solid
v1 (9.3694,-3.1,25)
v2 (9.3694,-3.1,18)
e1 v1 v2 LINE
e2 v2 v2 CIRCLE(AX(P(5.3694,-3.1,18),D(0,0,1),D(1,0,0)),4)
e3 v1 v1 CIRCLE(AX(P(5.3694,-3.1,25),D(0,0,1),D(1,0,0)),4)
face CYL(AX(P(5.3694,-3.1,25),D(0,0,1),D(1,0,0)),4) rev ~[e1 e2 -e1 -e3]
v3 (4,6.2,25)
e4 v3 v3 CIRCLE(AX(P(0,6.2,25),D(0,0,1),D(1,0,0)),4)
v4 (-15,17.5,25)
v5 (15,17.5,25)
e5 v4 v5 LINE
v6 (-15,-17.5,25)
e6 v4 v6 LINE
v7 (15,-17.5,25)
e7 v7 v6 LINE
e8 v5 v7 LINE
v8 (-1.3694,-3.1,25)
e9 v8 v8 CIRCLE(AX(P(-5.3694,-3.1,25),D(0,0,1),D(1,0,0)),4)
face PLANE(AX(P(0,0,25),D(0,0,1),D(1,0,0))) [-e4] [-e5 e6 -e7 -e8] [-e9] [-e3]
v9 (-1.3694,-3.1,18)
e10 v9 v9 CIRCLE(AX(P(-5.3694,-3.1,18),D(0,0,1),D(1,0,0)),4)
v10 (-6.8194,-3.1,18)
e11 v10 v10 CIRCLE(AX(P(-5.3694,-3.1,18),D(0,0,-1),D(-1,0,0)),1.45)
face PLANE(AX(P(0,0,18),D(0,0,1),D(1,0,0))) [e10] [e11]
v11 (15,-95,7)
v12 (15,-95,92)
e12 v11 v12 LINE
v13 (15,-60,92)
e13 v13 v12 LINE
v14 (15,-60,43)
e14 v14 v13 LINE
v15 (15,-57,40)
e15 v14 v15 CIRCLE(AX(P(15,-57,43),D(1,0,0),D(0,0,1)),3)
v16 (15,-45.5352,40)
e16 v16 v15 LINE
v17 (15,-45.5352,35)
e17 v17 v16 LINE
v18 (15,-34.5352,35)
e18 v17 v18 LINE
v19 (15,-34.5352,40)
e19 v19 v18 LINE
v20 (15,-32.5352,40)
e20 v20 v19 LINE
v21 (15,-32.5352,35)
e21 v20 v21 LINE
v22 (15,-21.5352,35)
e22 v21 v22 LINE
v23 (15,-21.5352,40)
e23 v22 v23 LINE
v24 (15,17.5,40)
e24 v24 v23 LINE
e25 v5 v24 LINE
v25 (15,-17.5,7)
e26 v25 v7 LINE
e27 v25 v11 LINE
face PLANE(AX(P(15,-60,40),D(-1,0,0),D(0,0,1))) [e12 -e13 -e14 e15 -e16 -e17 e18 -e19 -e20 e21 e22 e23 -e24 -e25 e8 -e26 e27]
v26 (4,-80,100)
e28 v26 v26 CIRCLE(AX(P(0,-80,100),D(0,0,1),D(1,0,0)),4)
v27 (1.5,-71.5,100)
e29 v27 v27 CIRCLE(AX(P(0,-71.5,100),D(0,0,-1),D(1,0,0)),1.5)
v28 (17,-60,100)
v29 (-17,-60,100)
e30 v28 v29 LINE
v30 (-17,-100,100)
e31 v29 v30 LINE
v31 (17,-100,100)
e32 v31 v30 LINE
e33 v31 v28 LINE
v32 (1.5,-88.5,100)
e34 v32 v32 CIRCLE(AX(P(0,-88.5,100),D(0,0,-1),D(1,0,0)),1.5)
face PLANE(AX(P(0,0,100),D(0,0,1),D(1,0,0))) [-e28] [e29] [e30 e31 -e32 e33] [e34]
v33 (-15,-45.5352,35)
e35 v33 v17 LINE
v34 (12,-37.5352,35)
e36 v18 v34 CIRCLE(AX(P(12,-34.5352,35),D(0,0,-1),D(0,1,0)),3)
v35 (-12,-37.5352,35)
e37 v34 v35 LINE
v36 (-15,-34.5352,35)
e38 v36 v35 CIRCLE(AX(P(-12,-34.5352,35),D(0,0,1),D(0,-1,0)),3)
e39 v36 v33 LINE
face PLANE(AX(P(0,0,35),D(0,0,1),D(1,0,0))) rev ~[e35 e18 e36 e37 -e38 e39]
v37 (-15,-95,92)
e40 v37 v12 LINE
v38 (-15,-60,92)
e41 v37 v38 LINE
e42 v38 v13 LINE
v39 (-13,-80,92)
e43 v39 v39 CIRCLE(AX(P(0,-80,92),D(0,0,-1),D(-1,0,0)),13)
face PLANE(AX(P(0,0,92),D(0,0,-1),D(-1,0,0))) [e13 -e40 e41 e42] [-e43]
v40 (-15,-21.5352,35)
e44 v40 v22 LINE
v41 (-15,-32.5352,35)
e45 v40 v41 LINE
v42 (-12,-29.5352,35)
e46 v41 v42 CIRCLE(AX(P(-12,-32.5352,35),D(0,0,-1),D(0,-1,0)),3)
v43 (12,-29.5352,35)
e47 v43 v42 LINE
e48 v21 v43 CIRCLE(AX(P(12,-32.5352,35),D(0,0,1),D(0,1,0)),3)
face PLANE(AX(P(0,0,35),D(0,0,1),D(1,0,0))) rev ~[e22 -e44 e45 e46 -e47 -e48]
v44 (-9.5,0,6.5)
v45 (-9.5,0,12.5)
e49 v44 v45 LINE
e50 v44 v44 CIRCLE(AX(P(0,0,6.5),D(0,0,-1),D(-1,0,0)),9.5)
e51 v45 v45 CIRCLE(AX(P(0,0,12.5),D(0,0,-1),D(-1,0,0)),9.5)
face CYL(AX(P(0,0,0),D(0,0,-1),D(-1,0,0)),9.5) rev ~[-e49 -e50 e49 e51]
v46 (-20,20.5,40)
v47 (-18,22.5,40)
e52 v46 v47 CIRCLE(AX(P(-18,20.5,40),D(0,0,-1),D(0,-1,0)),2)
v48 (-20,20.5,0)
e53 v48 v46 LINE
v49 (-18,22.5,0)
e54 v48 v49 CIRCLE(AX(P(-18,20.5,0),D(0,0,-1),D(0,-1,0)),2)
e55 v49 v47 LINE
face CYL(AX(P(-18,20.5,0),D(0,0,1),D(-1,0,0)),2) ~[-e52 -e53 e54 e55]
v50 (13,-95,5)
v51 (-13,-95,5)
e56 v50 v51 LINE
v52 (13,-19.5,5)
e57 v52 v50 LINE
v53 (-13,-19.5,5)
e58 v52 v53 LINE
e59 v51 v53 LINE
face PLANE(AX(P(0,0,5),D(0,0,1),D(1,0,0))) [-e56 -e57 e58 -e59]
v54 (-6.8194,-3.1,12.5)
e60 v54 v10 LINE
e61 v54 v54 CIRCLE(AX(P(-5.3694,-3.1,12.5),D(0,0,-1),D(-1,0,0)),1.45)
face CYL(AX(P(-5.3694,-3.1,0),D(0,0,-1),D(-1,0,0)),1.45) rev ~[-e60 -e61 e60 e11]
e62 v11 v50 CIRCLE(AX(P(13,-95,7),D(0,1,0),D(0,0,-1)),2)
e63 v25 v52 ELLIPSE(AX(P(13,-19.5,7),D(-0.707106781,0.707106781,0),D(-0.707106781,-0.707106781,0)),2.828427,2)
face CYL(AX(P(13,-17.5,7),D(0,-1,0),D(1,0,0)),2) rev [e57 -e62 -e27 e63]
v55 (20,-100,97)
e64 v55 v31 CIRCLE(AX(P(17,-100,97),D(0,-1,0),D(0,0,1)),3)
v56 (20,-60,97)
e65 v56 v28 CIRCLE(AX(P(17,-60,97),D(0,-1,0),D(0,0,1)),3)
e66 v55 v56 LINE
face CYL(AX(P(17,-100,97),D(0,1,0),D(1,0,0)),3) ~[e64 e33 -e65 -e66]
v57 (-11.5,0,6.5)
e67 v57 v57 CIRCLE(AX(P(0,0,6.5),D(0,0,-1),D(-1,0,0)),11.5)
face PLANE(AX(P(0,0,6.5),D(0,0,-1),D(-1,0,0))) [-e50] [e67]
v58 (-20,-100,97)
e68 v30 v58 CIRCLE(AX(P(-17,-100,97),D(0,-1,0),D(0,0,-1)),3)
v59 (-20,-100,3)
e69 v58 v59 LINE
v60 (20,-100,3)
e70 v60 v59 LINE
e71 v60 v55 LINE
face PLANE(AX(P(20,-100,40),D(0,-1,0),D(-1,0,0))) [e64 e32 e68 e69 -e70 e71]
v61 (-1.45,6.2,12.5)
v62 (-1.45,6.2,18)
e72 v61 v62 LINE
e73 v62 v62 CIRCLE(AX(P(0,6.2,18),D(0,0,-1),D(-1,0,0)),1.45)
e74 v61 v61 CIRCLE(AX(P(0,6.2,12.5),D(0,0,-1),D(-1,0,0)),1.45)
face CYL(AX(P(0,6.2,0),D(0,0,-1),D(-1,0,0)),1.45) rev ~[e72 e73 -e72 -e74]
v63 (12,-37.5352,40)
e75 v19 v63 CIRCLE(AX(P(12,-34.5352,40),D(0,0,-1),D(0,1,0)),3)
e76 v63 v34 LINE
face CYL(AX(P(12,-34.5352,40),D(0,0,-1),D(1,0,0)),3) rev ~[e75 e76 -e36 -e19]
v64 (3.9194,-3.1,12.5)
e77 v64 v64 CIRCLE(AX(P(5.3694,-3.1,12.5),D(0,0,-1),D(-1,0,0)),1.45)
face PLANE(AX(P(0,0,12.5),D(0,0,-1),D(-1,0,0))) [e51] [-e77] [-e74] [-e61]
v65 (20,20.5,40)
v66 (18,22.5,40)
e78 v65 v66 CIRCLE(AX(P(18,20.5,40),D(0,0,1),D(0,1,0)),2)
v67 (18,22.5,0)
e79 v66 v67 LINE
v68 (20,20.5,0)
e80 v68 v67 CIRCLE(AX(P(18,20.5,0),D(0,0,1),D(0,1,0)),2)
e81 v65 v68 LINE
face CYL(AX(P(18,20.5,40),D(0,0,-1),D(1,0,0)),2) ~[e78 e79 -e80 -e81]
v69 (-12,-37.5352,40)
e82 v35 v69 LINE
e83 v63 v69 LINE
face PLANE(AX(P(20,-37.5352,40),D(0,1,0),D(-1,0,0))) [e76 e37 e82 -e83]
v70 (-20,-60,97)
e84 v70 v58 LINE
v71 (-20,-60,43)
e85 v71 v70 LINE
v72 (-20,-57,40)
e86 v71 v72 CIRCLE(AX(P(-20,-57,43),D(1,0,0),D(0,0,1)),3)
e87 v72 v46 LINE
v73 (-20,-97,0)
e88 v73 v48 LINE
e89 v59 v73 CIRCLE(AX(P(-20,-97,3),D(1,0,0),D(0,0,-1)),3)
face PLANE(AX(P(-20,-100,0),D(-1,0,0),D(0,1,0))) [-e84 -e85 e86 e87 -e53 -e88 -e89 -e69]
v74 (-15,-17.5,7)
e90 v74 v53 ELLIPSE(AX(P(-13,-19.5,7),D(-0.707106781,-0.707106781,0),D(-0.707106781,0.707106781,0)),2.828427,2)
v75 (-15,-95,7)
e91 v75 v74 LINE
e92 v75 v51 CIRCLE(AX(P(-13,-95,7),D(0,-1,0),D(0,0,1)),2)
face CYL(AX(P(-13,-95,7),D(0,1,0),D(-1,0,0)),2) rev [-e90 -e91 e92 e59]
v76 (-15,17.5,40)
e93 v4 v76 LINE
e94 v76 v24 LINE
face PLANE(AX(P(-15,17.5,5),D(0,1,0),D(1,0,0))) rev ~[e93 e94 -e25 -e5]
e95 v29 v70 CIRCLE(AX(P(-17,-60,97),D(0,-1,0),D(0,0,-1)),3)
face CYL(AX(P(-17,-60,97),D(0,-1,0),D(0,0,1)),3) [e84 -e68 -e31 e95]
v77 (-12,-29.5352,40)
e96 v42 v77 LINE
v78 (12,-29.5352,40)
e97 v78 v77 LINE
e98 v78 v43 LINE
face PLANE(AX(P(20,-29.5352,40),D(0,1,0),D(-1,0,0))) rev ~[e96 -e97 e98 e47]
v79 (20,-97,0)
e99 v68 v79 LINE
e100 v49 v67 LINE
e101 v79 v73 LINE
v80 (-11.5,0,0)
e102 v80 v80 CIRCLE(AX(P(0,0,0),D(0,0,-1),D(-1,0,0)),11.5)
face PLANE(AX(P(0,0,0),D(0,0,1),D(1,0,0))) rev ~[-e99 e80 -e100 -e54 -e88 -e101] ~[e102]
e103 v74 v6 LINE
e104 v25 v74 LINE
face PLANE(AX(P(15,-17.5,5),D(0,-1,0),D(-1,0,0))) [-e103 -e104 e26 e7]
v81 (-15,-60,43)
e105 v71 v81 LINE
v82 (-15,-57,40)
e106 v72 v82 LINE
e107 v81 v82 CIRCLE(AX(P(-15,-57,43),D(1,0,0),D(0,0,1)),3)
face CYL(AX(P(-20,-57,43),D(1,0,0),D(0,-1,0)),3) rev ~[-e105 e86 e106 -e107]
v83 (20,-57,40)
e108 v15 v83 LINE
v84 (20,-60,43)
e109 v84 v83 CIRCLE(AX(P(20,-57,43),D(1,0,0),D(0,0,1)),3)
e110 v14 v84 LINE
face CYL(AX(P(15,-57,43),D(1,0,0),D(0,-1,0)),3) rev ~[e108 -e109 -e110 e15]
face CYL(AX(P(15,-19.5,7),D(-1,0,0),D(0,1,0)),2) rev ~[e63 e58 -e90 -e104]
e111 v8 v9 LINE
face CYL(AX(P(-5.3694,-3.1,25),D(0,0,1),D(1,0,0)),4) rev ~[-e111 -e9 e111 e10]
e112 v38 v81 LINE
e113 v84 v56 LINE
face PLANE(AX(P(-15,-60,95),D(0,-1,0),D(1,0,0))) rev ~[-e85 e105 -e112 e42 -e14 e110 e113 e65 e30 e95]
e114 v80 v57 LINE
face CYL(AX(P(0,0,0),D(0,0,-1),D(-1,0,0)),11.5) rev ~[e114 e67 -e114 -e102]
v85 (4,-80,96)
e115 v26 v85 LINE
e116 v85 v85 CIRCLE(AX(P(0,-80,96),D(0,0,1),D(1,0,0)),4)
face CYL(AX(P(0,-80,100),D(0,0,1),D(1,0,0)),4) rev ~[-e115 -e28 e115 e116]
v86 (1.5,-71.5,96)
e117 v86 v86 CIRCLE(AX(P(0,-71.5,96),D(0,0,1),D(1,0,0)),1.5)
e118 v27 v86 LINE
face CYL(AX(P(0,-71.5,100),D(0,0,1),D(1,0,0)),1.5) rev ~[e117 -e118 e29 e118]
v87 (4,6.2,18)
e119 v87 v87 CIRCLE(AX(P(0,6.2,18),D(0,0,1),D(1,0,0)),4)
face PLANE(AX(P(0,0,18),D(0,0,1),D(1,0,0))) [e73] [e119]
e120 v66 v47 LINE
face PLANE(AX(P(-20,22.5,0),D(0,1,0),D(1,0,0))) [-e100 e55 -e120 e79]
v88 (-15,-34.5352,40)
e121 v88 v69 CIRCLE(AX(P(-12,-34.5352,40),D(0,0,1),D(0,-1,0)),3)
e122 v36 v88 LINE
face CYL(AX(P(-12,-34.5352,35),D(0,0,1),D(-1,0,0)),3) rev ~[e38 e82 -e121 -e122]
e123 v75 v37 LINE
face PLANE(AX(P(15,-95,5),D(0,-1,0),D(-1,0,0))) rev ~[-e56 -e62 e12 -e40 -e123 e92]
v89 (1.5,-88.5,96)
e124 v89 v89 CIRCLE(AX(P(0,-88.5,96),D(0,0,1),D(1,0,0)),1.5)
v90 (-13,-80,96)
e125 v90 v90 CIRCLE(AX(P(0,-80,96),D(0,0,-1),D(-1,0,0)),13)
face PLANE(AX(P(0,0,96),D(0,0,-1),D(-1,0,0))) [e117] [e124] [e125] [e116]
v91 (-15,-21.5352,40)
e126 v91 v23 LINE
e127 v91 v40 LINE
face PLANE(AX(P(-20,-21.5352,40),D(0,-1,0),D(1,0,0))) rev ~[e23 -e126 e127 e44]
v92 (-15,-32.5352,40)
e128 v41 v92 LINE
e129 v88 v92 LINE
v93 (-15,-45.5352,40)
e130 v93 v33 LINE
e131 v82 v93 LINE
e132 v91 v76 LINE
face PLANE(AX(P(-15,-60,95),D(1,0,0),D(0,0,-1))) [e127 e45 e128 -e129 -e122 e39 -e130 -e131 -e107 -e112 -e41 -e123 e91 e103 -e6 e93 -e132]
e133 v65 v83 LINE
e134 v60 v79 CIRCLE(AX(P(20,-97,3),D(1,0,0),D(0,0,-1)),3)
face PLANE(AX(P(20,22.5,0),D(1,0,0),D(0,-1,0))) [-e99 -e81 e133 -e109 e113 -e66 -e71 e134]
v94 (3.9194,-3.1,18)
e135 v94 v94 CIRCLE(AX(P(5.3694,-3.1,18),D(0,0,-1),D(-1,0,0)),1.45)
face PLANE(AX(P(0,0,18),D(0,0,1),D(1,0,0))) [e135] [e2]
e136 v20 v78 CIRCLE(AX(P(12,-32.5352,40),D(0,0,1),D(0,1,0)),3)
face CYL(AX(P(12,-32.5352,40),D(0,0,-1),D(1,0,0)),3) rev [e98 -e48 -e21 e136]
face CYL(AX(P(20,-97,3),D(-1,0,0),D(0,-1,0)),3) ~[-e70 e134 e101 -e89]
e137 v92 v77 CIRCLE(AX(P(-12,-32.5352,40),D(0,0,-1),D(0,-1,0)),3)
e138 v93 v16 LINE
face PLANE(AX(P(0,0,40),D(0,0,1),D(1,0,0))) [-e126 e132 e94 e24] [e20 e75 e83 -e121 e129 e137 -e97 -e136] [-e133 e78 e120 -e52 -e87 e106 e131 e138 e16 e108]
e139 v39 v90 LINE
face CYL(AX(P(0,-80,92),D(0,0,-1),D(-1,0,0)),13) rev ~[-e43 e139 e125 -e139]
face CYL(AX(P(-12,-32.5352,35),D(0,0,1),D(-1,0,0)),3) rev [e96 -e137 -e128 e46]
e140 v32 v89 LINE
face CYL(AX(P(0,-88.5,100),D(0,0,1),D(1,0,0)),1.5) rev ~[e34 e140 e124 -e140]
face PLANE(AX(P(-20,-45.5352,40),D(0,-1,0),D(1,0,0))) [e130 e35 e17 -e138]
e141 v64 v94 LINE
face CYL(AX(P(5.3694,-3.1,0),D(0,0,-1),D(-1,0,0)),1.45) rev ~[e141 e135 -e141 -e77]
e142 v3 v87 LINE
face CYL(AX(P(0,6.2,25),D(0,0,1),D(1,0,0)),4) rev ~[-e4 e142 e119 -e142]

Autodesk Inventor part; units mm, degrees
ref_plane "YZ Plane" through (0, 0, 0) normal (1, 0, 0) x (0, 1, 0)
ref_plane "XZ Plane" through (0, 0, 0) normal (0, 1, 0) x (-1, 0, 0)
ref_plane "XY Plane" through (0, 0, 0) normal (0, 0, 1) x (1, 0, 0)
sketch "Sketch1" plane through (0, 0, 0) normal (0, 0, 1) x (1, 0, 0)
  line L0 (-20, 22.5) -> (20, 22.5)
  line L1 (20, 22.5) -> (20, -100)
  line L2 (20, -100) -> (-20, -100)
  line L3 (-20, -100) -> (-20, 22.5)
  circle A0 centre (0, 0) radius 2.5
  dimension "d0" = 122.5
  dimension "d1" = 40
  dimension "d2" = 20
  dimension "d3" = 22.5
  dimension "d4" = 5
extrude "Extrusion1" add sketch "Sketch1" along normal blind 5
sketch "Sketch2" plane through (0, 0, 5) normal (0, 0, 1) x (1, 0, 0)
  line L0 (20, 22.5) -> (-20, 22.5) projected
  line L1 (-20, -100) -> (20, -100) projected
  line L2 (-20, 22.5) -> (20, 22.5)
  line L3 (20, 22.5) -> (20, -100)
  line L4 (20, -100) -> (-20, -100)
  line L5 (-20, -100) -> (-20, 22.5)
  line L6 (15, -95) -> (-15, -95)
  line L7 (-15, -95) -> (-15, 17.5)
  line L8 (-15, 17.5) -> (15, 17.5)
  line L9 (15, 17.5) -> (15, -95)
  point P0 (0, 0)
  dimension "d7" = 5
  dimension "d8" = 5
  dimension "d9" = 5
  dimension "d10" = 5
extrude "Extrusion2" add sketch "Sketch2" along normal blind 35
sketch "Sketch3" plane through (-20, -100, 0) normal (0, -1, 0) x (1, 0, 0)
  circle A0 centre (20, 20) radius 8.5
  line L0 (40, 0) -> (40, 40) projected
  line L1 (0, 0) -> (40, 0) projected
  circle A1 centre (20, 11.5) radius 1.5
  circle A2 centre (20, 28.5) radius 1.5
  circle A3 centre (20, 20) radius 3.75
  line L2 (0, 0) -> (0, 40) projected
  point P0 (20, 0)
  dimension "d13" = 20
  dimension "d14" = 20
  dimension "d15" = 17
  dimension "d16" = 3
  dimension "d17" = 7.5
  dimension "d18" = 3
  dimension "d19" = 20
  dimension "d20" = 20
sketch "Sketch4" plane through (0, 0, 5) normal (0, 0, 1) x (1, 0, 0)
  line L0 (-15, 17.5) -> (-15, -95) projected
  line L1 (15, 17.5) -> (15, -95) projected
  line L2 (-15, 17.5) -> (15, 17.5)
  line L3 (15, 17.5) -> (15, -17.5)
  line L4 (15, -17.5) -> (-15, -17.5)
  line L5 (-15, -17.5) -> (-15, 17.5)
  point P0 (0, 0)
  point P1 (-15, -17.5)
  dimension "d21" = 35
extrude "Extrusion3" add sketch "Sketch4" along normal blind 20
sketch "Sketch5" plane through (0, 0, 0) normal (0, 0, -1) x (-1, 0, 0)
  circle A0 centre (0, 0) radius 2.5 projected
  circle A1 centre (0, 0) radius 9.5
  dimension "d24" = 19
extrude "Extrusion4" cut sketch "Sketch5" against normal blind 12.5 contours A0 | A1
sketch "Sketch6" plane through (0, 0, 0) normal (0, 0, -1) x (-1, 0, 0)
  circle A0 centre (0, 0) radius 11.5
  dimension "d27" = 23
extrude "Extrusion5" cut sketch "Sketch6" against normal blind 6.5
fillet "Fillet1" radius 2 2 edges at (-20, 22.5, 20) (20, 22.5, 20)
sketch "Sketch7" plane through (0, 0, 0) normal (0, 0, -1) x (-1, 0, 0)
  circle A0 centre (0, 0) radius 6.2
  circle A1 centre (0, 6.2) radius 1.45
  line L0 (0, 6.2) -> (0, 0)
  line L1 (0, 0) -> (6.4707, -3.7359)
  line L2 (0, 0) -> (-6.6791, -3.8562)
  circle A2 centre (5.3694, -3.1) radius 1.45
  circle A3 centre (-5.3694, -3.1) radius 1.45
  dimension "d31" = 12.4
  dimension "d32" = 120
  dimension "d33" = 120
  dimension "d34" = 2.9
  dimension "d35" = 2.9
  dimension "d36" = 2.9
extrude "Extrusion6" cut sketch "Sketch7" against normal blind 25 contours A1 L0 A0 | A0 A1 | A2 A0 | A0 L1 A2 | L0 A1 A0 | A0 A2 L1 | A3 L2 A0 | A0 L2 A3 | A3 A0 L2 | A3 L2 A0
sketch "Sketch8" plane through (0, 0, 25) normal (0, 0, 1) x (1, 0, 0)
  circle A0 centre (5.3694, -3.1) radius 1.45 projected
  circle A1 centre (5.3694, -3.1) radius 4
  circle A2 centre (-5.3694, -3.1) radius 1.45 projected
  circle A3 centre (-5.3694, -3.1) radius 4
  circle A4 centre (0, 6.2) radius 1.45 projected
  circle A5 centre (0, 6.2) radius 4
  point P0 (0, 0)
  dimension "d39" = 8
  dimension "d40" = 8
  dimension "d41" = 8
extrude "Extrusion7" cut sketch "Sketch8" against normal blind 7
fillet "Fillet2" radius 2 3 edges at (0, -17.5, 5) (-15, -56.25, 5) (15, -56.25, 5)
sketch "Sketch9" plane through (0, 0, 40) normal (0, 0, 1) x (1, 0, 0)
  line L0 (20, -100) -> (20, 20.5) projected
  line L1 (-20, 20.5) -> (-20, -100) projected
  line L2 (20, -100) -> (-20, -100)
  line L3 (-20, -100) -> (-20, -60)
  line L4 (-20, -60) -> (20, -60)
  line L5 (20, -60) -> (20, -100)
  line L6 (0, -60) -> (-20, -60)
  line L7 (-20, -60) -> (-20, -100)
  line L8 (-20, -100) -> (0, -100)
  line L9 (0, -100) -> (0, -60)
  line L10 (15, -95) -> (-15, -95) projected
  line L11 (15, -65) -> (-15, -65)
  line L12 (-15, -65) -> (-15, -95)
  line L13 (-15, -95) -> (15, -95)
  line L14 (15, -95) -> (15, -65)
  point P0 (0, 0)
  dimension "d45" = 40
  dimension "d46" = 5
  dimension "d47" = 5
extrude "Extrusion8" add sketch "Sketch9" along normal blind 60 contours L2 L9 L10 L14 L11 L4 L0 | L2 L1 L4 L9 L11 L12 L10
sketch "Sketch10" plane through (0, 0, 100) normal (0, 0, 1) x (1, 0, 0)
  line L0 (-20, -100) -> (20, -100) projected
  line L1 (20, -100) -> (20, 20.5) projected
  line L2 (-20, -100) -> (20, -100)
  line L3 (20, -100) -> (20, -60)
  line L4 (20, -60) -> (-20, -60)
  line L5 (-20, -60) -> (-20, -100)
  point P0 (0, 0)
  dimension "d50" = 40
extrude "Extrusion9" add sketch "Sketch10" against normal blind 5
sketch "Sketch11" plane through (0, 0, 100) normal (0, 0, 1) x (1, 0, 0)
  circle A0 centre (0, -80) radius 8.5
  line L0 (20, -100) -> (20, -60) projected
  line L1 (-20, -100) -> (20, -100) projected
  circle A1 centre (0, -71.5) radius 1.5
  circle A2 centre (0, -88.5) radius 1.5
  line L2 (-20, -60) -> (-20, -100) projected
  circle A3 centre (0, -80) radius 4
  point P0 (0, 0)
  dimension "d53" = 20
  dimension "d54" = 20
  dimension "d55" = 17
  dimension "d56" = 3
  dimension "d57" = 3
  dimension "d58" = 20
  dimension "d59" = 20
  dimension "d62" = 8
extrude "Extrusion10" cut sketch "Sketch11" against normal blind 5 contours A1 A0 | A0 A1 | A2 A0 | A0 A2 | A3
sketch "Sketch12" plane through (-15, -60, 40) normal (0, 1, 0) x (1, 0, 0)
  line L0 (0, 0) -> (30, 0) projected
  line L1 (0, 0) -> (30, 0)
  line L2 (30, 0) -> (30, -55)
  line L3 (30, -55) -> (0, -55)
  line L4 (0, -55) -> (0, 0)
  point P0 (15, 40)
extrude "Extrusion11" cut sketch "Sketch12" against normal blind 5
sketch "Sketch13" plane through (0, 0, 40) normal (0, 0, 1) x (1, 0, 0)
  line L0 (-20, 20.5) -> (-20, -100) projected
  line L1 (20, -60) -> (20, 20.5) projected
  line L2 (-20, -21.5352) -> (20, -21.5352)
  line L3 (20, -21.5352) -> (20, -29.5352)
  line L4 (20, -29.5352) -> (-20, -29.5352)
  line L5 (-20, -29.5352) -> (-20, -21.5352)
  line L6 (20, -37.5352) -> (-20, -37.5352)
  line L7 (-20, -37.5352) -> (-20, -45.5352)
  line L8 (-20, -45.5352) -> (20, -45.5352)
  line L9 (20, -45.5352) -> (20, -37.5352)
  point P0 (0, 0)
  point P1 (-20, -37.5352)
  point P2 (-20, -29.5352)
  point P3 (20, -21.5352)
  dimension "d65" = 8
  dimension "d66" = 8
  dimension "d67" = 8
extrude "Extrusion12" add sketch "Sketch13" against normal blind 5 contours L2 L1 L4 L0 | L6 L1 L8 L0
fillet "Fillet3" radius 3 4 edges at (15, -29.5352, 37.5) (15, -37.5352, 37.5) (-15, -29.5352, 37.5) (-15, -37.5352, 37.5)
sketch "Sketch14" plane through (0, 0, 95) normal (0, 0, -1) x (-1, 0, 0)
  line L0 (15, -95) -> (-15, -95) projected
  line L1 (-15, -95) -> (15, -95)
  line L2 (15, -95) -> (15, -60)
  line L3 (15, -60) -> (-15, -60)
  line L4 (-15, -60) -> (-15, -95)
  circle A0 centre (0, -80) radius 4 projected
  circle A1 centre (0, -80) radius 4
  circle A2 centre (0, -71.5) radius 1.5 projected
  circle A3 centre (0, -71.5) radius 1.5
  circle A4 centre (0, -88.5) radius 1.5 projected
  circle A5 centre (0, -88.5) radius 1.5
  point P0 (0, 0)
extrude "Extrusion13" add sketch "Sketch14" along normal blind 3
sketch "Sketch15" plane through (0, 0, 92) normal (0, 0, -1) x (-1, 0, 0)
  circle A0 centre (0, -80) radius 4 projected
  circle A1 centre (0, -80) radius 13
  point P0 (0, 0)
  dimension "d73" = 26
extrude "Extrusion14" cut sketch "Sketch15" against normal blind 4 contours A0 | A1
fillet "Fillet4" radius 3 5 edges at (-20, -80, 100) (20, -80, 100) (-17.5, -60, 40) (17.5, -60, 40) (0, -100, 0)
properties part number "Link4_v2"
